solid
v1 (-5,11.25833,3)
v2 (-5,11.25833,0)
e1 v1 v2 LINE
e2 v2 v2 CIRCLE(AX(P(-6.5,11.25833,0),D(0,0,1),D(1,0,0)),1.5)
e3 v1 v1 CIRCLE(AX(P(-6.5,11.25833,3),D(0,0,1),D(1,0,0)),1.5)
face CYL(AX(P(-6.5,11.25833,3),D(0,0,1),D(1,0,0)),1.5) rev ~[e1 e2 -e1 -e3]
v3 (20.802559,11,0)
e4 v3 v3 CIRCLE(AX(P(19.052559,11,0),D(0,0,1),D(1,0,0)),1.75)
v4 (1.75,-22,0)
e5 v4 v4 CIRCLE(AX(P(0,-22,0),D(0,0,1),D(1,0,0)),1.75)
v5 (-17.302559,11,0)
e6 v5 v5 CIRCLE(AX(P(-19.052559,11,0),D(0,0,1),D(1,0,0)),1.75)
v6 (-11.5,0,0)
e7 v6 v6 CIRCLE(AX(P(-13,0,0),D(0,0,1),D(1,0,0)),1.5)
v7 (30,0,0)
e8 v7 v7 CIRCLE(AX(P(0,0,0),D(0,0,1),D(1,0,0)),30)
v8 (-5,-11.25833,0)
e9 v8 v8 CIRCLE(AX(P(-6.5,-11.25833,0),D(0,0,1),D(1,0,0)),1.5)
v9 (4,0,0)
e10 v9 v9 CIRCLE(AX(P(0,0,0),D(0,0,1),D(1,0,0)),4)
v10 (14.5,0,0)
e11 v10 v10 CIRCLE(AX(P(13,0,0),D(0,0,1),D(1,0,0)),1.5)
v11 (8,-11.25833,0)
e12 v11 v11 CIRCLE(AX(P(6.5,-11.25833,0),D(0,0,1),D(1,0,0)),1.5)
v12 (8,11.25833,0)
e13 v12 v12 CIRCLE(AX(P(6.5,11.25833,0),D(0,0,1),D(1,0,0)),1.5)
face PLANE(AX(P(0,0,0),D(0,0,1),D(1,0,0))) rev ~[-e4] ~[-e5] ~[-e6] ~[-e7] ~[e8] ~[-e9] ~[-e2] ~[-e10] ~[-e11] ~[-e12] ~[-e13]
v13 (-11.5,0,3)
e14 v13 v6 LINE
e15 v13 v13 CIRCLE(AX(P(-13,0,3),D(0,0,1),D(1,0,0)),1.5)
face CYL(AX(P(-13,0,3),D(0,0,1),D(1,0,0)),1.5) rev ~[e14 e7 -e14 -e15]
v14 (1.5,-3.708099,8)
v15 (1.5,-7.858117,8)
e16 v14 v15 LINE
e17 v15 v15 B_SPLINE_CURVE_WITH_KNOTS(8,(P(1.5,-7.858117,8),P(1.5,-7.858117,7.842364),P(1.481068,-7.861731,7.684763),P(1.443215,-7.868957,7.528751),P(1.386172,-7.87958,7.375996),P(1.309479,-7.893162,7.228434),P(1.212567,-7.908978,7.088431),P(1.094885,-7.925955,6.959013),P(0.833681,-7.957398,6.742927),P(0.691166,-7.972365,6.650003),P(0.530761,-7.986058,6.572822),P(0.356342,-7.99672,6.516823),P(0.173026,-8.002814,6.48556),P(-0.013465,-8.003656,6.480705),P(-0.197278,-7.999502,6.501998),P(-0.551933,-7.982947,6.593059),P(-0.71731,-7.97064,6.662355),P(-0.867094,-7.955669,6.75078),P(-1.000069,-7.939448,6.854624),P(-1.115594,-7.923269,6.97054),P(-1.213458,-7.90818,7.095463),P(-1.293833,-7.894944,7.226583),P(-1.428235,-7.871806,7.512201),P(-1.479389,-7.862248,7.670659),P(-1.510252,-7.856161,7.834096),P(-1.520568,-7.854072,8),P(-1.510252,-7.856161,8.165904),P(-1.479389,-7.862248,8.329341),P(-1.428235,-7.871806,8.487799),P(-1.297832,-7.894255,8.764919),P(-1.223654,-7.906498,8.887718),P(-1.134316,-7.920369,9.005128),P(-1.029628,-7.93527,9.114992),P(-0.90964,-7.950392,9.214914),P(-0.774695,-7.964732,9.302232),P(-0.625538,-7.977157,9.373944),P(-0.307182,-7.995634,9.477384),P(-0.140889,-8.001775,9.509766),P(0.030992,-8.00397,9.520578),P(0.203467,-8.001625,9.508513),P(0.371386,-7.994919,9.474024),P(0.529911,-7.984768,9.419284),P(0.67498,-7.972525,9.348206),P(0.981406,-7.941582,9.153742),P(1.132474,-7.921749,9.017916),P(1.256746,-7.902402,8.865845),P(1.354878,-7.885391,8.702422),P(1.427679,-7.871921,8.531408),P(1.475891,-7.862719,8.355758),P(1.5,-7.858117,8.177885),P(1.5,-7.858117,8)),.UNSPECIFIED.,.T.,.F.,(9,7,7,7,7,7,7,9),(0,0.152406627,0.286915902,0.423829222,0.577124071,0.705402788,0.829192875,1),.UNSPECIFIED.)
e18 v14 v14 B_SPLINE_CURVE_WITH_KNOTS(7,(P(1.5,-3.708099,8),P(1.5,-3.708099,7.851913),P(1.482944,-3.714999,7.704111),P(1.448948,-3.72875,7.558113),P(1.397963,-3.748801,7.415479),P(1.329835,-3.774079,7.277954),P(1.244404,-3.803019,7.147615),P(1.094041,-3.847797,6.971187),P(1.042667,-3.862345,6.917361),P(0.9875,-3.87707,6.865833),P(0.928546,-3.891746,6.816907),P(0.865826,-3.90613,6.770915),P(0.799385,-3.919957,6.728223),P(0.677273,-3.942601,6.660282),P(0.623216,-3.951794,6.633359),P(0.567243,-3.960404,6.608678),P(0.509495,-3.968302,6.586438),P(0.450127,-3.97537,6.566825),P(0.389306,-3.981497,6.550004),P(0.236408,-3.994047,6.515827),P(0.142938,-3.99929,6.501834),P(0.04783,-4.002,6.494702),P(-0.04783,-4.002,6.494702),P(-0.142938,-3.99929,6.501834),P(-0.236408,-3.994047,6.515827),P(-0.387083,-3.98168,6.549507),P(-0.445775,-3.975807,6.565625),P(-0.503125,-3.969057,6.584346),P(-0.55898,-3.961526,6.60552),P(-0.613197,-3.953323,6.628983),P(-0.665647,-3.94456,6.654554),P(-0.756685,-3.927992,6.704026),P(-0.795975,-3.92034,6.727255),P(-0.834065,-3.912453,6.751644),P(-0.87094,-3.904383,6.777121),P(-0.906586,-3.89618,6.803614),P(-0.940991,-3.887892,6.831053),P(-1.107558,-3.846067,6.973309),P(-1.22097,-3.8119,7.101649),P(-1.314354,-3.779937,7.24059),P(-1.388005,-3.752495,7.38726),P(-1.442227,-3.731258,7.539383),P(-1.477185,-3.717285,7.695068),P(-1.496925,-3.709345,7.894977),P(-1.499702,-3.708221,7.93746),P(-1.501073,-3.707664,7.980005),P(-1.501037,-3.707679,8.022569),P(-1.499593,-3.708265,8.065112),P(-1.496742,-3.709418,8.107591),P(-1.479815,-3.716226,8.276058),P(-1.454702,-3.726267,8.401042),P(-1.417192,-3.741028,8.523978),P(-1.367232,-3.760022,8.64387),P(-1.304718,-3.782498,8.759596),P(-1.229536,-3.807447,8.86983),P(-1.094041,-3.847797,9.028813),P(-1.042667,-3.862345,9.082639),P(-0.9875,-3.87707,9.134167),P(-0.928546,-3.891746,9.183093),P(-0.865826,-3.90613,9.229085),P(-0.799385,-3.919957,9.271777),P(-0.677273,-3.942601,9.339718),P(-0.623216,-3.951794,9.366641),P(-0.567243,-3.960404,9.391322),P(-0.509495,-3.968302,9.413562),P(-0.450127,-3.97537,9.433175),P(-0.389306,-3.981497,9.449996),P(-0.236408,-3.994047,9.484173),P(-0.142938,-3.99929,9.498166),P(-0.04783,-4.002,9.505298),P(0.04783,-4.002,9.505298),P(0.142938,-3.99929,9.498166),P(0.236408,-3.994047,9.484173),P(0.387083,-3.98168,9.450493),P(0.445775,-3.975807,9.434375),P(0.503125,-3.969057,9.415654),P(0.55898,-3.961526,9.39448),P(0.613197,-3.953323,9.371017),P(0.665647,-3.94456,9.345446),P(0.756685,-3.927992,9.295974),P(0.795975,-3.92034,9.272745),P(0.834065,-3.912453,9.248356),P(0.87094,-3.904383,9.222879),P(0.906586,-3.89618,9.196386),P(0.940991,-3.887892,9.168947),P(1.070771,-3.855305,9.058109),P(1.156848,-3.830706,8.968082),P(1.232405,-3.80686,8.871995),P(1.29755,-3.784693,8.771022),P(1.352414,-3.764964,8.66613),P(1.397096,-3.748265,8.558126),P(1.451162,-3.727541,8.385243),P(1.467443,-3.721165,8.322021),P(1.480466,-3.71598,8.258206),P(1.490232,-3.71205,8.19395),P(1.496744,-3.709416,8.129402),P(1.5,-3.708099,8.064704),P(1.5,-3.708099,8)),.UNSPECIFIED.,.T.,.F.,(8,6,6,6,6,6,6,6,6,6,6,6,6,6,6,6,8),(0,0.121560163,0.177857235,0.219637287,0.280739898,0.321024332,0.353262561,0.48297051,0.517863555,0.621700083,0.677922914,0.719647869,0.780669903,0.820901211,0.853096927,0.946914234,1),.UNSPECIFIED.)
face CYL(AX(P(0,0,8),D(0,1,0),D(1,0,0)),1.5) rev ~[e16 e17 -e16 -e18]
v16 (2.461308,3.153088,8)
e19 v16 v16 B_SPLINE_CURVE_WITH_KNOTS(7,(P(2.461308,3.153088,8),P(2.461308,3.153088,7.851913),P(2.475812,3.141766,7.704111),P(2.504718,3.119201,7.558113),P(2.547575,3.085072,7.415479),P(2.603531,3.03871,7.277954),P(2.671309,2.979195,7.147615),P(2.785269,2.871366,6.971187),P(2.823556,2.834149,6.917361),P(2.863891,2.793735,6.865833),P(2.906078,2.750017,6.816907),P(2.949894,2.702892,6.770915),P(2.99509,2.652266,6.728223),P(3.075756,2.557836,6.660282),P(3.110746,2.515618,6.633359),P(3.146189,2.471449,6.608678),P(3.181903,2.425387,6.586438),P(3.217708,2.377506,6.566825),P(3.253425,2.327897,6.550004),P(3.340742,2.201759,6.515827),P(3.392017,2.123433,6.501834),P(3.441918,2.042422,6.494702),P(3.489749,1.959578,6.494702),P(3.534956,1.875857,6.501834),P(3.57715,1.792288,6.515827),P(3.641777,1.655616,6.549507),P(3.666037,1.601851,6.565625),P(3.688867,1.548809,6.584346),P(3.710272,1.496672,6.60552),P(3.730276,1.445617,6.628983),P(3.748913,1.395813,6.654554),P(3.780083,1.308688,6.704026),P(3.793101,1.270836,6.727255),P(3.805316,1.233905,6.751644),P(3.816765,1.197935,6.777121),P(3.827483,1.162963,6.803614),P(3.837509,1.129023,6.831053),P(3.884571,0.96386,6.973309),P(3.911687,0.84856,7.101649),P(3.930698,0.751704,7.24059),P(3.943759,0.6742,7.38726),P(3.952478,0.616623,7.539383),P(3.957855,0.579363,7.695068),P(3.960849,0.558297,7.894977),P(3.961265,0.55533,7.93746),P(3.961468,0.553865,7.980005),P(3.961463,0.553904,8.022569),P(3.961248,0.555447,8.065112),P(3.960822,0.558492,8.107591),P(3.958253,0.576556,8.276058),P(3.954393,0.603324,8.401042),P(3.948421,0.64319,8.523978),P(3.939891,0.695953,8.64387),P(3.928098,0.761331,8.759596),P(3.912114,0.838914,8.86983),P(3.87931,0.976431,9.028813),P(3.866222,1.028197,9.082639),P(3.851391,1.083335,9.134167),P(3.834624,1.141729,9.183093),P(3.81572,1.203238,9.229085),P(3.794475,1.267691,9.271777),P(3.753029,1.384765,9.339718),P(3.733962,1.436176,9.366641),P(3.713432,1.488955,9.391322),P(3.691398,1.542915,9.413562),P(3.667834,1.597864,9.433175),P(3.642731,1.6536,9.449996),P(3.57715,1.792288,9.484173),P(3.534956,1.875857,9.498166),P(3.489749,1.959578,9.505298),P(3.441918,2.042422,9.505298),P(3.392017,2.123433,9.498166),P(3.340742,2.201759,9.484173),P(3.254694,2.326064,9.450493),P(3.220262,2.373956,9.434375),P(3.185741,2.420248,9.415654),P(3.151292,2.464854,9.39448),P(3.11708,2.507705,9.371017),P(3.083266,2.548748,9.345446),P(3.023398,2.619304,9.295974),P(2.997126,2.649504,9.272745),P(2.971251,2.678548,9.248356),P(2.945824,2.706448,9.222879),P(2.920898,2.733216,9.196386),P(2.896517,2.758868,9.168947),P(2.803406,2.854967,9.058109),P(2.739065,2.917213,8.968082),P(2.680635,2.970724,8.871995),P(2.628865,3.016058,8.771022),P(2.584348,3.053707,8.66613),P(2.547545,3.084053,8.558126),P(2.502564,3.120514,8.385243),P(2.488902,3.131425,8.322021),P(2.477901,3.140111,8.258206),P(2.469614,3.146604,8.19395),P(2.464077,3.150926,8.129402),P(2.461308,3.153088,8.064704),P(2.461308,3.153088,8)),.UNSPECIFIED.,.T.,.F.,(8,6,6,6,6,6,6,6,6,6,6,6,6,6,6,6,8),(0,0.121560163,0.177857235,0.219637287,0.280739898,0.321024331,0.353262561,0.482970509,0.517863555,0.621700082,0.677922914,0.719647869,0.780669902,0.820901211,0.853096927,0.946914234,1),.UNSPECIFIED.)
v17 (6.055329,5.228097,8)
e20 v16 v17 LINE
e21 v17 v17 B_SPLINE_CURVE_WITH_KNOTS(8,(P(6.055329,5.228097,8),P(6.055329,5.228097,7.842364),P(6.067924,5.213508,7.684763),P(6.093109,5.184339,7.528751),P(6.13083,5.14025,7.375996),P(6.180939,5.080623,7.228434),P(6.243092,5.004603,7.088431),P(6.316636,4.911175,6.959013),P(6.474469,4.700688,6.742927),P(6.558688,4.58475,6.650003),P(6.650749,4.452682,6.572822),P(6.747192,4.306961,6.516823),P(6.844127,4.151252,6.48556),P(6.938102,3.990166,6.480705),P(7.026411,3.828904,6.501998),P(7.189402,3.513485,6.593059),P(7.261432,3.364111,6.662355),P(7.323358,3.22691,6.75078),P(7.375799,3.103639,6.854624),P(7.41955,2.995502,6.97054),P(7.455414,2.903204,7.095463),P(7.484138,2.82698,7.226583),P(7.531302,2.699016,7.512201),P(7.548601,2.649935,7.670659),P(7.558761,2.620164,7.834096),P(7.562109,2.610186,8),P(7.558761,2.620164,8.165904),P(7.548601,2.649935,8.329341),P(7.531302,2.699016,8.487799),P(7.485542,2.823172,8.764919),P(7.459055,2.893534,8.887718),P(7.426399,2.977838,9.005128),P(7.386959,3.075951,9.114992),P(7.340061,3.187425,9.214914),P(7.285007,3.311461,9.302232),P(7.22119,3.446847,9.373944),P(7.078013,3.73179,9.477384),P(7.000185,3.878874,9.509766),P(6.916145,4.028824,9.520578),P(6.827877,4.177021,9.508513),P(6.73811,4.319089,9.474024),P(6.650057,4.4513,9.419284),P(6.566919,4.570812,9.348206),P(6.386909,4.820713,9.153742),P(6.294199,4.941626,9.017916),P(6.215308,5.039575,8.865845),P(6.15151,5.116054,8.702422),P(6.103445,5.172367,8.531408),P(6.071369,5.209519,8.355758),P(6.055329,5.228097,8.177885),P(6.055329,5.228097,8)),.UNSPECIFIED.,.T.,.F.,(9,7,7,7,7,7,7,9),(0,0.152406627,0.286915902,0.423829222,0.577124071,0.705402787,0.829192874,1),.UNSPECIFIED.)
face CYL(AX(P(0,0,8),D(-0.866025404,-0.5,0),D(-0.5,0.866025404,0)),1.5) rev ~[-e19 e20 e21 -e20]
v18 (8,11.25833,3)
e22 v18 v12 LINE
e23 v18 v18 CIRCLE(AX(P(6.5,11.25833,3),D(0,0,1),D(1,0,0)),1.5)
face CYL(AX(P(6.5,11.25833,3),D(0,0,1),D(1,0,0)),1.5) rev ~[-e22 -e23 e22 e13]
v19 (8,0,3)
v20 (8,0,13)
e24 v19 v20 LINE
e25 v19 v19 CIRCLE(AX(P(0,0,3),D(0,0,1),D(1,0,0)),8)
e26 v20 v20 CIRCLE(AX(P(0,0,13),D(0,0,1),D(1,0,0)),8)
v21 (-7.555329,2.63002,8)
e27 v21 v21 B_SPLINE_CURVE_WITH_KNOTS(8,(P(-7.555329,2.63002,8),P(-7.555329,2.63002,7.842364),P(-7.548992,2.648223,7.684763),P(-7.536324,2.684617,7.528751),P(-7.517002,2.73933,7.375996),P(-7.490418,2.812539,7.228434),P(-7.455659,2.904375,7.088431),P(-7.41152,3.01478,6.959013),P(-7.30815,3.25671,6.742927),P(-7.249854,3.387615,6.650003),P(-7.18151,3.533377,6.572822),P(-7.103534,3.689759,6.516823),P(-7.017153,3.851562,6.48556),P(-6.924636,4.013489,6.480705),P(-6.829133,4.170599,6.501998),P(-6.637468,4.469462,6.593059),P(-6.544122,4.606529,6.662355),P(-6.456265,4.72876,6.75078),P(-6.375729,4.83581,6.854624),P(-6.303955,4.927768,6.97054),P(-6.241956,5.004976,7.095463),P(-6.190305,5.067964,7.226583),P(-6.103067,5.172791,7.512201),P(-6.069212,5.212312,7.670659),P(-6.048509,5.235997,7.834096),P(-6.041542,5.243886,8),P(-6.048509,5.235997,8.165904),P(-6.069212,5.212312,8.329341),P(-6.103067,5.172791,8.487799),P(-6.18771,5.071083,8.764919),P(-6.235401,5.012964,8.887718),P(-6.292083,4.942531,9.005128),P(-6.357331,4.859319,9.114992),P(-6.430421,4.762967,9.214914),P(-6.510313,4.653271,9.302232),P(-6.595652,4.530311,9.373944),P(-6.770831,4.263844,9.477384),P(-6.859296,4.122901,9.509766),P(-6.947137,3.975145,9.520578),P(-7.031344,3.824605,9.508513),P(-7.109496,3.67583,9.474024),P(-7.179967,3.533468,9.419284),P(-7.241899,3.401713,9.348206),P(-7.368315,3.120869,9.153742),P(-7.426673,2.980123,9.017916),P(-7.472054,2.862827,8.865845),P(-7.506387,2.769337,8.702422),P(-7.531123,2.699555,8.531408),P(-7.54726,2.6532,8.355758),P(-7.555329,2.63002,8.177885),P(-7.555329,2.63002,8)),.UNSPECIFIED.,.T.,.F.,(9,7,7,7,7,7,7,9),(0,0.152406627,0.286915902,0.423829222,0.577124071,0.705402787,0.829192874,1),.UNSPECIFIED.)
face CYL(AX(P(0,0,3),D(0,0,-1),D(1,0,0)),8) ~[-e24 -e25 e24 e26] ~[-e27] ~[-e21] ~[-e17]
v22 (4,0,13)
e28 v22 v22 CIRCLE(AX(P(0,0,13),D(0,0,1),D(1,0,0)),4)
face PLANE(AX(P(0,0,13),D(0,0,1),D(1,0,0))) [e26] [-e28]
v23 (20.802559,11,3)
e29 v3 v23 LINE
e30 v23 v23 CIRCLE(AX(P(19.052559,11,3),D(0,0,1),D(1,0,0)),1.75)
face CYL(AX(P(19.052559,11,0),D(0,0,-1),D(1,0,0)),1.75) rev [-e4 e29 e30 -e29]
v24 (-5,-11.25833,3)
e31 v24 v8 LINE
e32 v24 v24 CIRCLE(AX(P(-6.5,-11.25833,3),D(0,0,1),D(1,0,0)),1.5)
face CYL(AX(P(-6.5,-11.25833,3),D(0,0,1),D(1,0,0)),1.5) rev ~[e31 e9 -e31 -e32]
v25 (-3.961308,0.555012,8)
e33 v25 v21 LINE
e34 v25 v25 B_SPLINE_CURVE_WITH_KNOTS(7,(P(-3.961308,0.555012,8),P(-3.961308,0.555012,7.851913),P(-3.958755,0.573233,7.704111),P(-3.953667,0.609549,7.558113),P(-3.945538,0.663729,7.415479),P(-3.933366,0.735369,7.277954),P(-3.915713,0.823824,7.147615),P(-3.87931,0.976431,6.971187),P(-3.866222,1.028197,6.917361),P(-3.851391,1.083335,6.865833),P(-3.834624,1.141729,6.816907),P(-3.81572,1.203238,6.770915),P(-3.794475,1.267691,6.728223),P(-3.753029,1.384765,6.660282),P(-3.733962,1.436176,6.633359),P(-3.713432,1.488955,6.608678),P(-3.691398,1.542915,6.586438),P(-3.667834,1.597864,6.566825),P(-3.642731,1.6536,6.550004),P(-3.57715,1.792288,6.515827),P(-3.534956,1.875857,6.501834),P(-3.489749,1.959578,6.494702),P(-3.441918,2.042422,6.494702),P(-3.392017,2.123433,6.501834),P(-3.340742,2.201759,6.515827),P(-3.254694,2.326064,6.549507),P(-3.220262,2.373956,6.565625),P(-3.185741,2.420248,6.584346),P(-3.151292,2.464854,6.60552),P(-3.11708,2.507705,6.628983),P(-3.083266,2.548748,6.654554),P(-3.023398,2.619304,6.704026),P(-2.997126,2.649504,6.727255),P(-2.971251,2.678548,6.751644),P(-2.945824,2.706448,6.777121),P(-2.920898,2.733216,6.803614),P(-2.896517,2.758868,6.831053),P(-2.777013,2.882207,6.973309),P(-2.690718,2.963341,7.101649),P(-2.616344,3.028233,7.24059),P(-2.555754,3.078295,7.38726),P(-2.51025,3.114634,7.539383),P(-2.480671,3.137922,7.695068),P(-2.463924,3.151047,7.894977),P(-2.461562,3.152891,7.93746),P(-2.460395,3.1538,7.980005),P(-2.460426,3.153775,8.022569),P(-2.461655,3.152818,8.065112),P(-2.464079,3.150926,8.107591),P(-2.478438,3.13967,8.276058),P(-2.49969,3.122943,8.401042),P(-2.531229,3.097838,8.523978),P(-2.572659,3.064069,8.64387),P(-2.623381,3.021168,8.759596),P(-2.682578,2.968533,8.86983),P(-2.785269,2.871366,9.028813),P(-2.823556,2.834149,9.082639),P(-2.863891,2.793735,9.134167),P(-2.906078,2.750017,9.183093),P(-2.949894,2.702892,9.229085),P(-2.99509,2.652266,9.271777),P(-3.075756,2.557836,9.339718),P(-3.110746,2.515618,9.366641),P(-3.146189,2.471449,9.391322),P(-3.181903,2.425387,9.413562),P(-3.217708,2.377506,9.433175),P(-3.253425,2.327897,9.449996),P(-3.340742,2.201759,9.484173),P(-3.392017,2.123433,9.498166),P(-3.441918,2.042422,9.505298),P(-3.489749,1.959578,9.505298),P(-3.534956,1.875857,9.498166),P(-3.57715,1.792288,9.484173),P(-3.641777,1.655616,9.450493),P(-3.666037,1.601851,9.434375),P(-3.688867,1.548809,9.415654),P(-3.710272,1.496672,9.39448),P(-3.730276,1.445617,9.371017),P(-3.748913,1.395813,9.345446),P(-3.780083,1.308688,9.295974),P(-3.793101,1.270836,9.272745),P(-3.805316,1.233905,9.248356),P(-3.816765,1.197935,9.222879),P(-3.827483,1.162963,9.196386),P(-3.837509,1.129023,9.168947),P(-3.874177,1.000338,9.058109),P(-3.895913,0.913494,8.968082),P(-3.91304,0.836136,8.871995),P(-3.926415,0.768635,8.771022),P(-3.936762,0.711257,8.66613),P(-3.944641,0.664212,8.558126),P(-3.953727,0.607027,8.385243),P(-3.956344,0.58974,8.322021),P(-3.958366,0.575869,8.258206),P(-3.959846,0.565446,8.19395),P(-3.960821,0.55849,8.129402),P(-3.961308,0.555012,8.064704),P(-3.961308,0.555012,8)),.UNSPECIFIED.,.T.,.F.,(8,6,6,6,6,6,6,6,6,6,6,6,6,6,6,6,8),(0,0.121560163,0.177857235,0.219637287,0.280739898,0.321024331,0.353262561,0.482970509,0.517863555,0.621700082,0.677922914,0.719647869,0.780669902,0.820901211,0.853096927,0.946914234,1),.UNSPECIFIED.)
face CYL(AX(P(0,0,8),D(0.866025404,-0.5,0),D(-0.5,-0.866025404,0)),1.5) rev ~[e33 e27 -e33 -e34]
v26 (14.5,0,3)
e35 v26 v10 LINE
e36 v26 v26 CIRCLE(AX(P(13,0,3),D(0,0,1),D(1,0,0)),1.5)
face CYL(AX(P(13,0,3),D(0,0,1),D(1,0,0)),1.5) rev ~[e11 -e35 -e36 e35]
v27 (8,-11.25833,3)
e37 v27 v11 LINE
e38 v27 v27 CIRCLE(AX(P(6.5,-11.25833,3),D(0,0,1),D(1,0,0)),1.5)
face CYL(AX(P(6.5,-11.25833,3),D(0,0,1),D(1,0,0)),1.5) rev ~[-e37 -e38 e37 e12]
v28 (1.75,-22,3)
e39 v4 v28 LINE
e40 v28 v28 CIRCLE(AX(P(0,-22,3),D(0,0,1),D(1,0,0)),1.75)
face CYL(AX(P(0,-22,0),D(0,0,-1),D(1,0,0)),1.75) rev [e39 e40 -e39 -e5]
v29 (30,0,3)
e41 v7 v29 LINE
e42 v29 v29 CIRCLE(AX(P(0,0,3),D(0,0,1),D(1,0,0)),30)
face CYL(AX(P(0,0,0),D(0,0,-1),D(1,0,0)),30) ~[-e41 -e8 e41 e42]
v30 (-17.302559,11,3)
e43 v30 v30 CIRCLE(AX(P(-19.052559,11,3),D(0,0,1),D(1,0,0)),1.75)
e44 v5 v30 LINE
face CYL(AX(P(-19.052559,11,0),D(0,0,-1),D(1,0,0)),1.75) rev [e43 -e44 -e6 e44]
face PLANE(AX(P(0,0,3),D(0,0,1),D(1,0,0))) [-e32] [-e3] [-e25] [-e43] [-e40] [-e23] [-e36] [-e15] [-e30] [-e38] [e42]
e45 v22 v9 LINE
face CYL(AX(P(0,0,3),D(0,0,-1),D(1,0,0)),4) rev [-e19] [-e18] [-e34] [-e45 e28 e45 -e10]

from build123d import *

# Parameters (mm, degrees)
SKETCH2_R           = 30
SKETCH2_R_2         = 4
SKETCH2_R_3         = 1.75
BOSS_EXTRUDE1_DEPTH = 3
SKETCH3_R           = 8
SKETCH3_R_2         = 4
BOSS_EXTRUDE2_DEPTH = 10
SKETCH4_R           = 1.5
CUT_EXTRUDE2_DEPTH  = 4
SKETCH12_R          = 1.5
CUT_EXTRUDE3_DEPTH  = 11.49377522
CIRPATTERN1_COUNT   = 3


with BuildPart() as part:
    # Sketch2 → Boss-Extrude1 (new body)
    with BuildSketch(Plane.XY):
        Circle(SKETCH2_R)
        Circle(SKETCH2_R_2, mode=Mode.SUBTRACT)
        with Locations((0, -22)):
            Circle(SKETCH2_R_3, mode=Mode.SUBTRACT)
        with Locations((-19.052558883, 11)):
            Circle(SKETCH2_R_3, mode=Mode.SUBTRACT)
        with Locations((19.052558883, 11)):
            Circle(SKETCH2_R_3, mode=Mode.SUBTRACT)
    extrude(amount=BOSS_EXTRUDE1_DEPTH)

    # Sketch3 → Boss-Extrude2 (add)
    with BuildSketch(Plane.XY.offset(3)):
        Circle(SKETCH3_R)
        Circle(SKETCH3_R_2, mode=Mode.SUBTRACT)
    extrude(amount=BOSS_EXTRUDE2_DEPTH)

    # Sketch4 → Cut-Extrude2 (cut, through all)
    with BuildSketch(Plane.XY.offset(3)):
        with Locations((-6.5, 11.258330249)):
            Circle(SKETCH4_R)
        with Locations((13, 0)):
            Circle(SKETCH4_R)
        with Locations((-6.5, -11.258330249)):
            Circle(SKETCH4_R)
        with Locations((6.5, 11.258330249)):
            Circle(SKETCH4_R)
        with Locations((6.5, -11.258330249)):
            Circle(SKETCH4_R)
        with Locations((-13, 0)):
            Circle(SKETCH4_R)
    extrude(amount=-CUT_EXTRUDE2_DEPTH, mode=Mode.SUBTRACT)

    # Sketch12 → Cut-Extrude3 (cut)
    with BuildSketch(Plane(origin=(0, 0, 0), x_dir=(1, 0, 0), z_dir=(0, 1, 0))):
        with Locations((0, -8)):
            Circle(SKETCH12_R)
    cut_extrude3 = extrude(amount=-CUT_EXTRUDE3_DEPTH, mode=Mode.SUBTRACT)

    # CirPattern1: Cut-Extrude3 ×3 about axis
    cirpattern1_axis = Axis((0, 0, 0), (0, 0, -1))
    for i in range(1, CIRPATTERN1_COUNT):
        add(cut_extrude3.rotate(cirpattern1_axis, i * 360 / CIRPATTERN1_COUNT), mode=Mode.SUBTRACT)


solid = part.part
